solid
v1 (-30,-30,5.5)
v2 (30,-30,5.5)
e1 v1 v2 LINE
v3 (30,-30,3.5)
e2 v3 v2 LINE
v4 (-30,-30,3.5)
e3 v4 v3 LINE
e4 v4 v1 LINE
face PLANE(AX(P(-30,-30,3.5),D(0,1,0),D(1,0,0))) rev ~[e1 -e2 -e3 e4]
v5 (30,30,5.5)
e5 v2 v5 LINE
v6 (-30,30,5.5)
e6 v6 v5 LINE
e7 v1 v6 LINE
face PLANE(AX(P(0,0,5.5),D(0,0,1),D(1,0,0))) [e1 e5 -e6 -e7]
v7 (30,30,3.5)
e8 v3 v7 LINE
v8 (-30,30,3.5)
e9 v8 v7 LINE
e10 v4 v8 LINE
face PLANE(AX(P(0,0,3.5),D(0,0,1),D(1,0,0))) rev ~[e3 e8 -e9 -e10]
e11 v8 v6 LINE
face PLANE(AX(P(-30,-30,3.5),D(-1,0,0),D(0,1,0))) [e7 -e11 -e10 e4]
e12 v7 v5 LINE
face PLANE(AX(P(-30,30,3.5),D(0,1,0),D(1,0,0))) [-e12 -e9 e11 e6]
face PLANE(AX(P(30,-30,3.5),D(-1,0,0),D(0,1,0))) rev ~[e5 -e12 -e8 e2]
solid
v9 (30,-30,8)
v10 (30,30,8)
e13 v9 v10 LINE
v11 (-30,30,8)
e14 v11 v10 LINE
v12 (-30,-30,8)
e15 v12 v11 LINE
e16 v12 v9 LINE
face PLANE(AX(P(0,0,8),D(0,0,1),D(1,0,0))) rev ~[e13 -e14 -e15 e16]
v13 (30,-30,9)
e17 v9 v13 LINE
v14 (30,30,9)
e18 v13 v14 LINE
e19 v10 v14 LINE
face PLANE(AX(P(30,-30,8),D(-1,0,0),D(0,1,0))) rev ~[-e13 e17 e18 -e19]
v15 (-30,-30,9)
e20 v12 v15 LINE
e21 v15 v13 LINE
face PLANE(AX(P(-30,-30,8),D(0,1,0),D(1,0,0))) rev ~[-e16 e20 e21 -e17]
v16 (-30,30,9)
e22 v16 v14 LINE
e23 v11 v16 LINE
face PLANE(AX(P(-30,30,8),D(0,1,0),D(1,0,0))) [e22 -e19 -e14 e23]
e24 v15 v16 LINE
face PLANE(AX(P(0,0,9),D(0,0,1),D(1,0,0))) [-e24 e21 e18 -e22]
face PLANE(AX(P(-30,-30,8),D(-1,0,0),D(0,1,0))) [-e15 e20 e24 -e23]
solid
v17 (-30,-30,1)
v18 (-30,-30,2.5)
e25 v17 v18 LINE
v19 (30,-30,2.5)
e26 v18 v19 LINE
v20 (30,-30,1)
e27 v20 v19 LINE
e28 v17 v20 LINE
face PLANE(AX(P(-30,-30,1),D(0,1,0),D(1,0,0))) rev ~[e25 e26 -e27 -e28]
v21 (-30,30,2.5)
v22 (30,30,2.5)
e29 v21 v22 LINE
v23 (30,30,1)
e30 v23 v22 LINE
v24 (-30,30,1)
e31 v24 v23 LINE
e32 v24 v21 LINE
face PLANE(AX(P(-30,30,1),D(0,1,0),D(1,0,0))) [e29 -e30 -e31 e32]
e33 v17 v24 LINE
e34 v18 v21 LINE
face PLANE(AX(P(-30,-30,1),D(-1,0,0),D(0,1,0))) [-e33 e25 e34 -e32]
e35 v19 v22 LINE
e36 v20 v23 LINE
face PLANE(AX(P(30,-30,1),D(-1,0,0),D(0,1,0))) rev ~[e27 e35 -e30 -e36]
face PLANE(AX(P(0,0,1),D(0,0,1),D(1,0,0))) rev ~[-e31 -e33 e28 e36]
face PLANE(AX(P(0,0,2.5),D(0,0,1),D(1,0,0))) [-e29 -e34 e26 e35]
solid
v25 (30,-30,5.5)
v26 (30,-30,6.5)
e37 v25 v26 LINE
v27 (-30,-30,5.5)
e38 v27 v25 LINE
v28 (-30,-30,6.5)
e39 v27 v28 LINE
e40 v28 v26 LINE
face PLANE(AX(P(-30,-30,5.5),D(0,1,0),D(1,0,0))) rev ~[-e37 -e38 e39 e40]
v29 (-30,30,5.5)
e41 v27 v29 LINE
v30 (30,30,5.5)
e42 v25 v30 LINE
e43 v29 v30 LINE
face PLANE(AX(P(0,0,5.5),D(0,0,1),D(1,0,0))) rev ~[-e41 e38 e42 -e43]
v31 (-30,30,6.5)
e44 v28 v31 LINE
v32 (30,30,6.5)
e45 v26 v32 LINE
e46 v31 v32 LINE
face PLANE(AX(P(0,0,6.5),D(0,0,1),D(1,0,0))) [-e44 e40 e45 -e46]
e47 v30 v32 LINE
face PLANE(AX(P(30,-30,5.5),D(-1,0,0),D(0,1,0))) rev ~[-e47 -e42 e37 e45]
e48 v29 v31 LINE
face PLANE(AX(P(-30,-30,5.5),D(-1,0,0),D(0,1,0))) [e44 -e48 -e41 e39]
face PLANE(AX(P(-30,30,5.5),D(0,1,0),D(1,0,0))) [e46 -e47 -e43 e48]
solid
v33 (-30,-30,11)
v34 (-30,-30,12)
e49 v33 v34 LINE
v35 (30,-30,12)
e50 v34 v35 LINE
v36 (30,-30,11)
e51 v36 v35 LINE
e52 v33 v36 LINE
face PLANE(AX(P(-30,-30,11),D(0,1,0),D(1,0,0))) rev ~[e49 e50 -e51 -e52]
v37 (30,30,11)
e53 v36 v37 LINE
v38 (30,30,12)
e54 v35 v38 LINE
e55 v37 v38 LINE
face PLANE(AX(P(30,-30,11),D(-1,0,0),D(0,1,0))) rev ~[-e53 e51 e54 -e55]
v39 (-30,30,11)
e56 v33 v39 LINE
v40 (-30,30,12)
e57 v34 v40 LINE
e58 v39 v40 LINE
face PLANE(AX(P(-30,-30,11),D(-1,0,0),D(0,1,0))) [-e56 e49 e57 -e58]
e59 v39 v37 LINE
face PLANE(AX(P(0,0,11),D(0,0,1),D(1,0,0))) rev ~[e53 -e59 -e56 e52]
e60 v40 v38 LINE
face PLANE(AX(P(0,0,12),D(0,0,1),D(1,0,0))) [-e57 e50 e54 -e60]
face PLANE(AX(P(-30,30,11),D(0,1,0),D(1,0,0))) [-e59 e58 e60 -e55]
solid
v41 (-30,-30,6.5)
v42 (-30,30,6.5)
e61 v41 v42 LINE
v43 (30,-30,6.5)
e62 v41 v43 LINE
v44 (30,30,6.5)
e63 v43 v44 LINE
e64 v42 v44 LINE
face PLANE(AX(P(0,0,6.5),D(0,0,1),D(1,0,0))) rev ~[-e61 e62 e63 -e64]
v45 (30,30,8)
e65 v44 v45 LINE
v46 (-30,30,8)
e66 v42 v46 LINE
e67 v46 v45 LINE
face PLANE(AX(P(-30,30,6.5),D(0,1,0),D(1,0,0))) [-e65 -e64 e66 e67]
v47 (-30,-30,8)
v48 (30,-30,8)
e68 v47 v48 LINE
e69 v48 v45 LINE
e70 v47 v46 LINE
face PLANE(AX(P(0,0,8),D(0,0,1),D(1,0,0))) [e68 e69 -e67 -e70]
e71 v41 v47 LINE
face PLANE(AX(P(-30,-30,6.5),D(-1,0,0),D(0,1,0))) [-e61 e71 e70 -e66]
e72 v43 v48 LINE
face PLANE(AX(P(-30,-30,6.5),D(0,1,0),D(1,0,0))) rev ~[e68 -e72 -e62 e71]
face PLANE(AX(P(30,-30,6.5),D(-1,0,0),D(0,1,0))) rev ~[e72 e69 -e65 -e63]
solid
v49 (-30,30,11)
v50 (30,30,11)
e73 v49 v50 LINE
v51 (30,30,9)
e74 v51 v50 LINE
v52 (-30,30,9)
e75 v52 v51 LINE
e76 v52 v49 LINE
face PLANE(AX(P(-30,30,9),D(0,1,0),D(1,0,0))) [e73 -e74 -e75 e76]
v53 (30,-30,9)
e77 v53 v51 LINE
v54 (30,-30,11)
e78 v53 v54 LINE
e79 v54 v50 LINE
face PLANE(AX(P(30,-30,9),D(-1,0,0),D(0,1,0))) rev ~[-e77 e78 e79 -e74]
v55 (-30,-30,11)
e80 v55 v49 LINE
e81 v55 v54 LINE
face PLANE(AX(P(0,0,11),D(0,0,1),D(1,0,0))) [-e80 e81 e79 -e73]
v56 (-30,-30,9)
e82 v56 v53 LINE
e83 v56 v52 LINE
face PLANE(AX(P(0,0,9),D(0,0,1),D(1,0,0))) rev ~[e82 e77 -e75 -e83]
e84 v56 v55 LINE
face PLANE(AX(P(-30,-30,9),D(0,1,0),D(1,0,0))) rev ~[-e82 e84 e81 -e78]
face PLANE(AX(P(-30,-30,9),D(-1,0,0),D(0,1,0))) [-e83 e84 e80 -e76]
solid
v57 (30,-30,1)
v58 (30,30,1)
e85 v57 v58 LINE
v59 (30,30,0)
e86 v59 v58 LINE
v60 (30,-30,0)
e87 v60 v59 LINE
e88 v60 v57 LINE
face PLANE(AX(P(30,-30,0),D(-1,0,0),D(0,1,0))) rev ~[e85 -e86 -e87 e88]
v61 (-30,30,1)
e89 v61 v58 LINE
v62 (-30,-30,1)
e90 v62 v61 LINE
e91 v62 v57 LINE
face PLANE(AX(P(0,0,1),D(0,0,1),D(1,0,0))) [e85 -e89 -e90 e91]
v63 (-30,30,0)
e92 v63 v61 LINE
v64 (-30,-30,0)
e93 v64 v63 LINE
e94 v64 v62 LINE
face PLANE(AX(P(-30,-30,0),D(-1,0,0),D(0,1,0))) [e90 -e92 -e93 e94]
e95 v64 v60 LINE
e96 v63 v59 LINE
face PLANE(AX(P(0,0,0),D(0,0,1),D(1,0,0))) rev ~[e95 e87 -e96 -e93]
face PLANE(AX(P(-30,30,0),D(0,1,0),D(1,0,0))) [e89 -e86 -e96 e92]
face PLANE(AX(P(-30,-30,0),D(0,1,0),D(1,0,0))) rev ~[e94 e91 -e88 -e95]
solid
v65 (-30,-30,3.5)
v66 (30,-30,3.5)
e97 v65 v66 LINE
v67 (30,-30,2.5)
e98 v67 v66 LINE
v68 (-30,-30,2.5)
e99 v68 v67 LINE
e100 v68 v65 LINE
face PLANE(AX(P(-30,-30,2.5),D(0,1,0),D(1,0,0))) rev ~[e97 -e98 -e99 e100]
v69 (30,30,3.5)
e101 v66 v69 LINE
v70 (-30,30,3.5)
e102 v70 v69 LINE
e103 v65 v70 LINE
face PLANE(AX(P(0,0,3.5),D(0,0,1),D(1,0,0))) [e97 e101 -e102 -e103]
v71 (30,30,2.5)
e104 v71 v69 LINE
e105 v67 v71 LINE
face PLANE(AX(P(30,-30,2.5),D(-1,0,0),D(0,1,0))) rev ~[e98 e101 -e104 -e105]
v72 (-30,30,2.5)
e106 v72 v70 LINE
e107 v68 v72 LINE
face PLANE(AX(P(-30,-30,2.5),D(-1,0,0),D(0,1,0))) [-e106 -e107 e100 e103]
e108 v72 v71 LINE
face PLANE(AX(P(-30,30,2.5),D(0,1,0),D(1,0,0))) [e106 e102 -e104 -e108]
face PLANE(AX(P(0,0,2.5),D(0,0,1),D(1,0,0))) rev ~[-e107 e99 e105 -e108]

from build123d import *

# Parameters (mm, degrees)
SKETCH_LAYEROUTLINE_W   = 60
SKETCH_LAYEROUTLINE_H   = 60
LAYER1_DEPTH            = 1
LAYER2_START            = 1
SKETCH_LAYEROUTLINE_2_W = 60
SKETCH_LAYEROUTLINE_2_H = 60
LAYER2_DEPTH            = 1.5
LAYER3_START            = 2.5
SKETCH_LAYEROUTLINE_3_W = 60
SKETCH_LAYEROUTLINE_3_H = 60
LAYER3_DEPTH            = 1
LAYER4_START            = 3.5
SKETCH_LAYEROUTLINE_4_W = 60
SKETCH_LAYEROUTLINE_4_H = 60
LAYER4_DEPTH            = 2
LAYER5_START            = 5.5
SKETCH_LAYEROUTLINE_5_W = 60
SKETCH_LAYEROUTLINE_5_H = 60
LAYER5_DEPTH            = 1
LAYER6_START            = 6.5
SKETCH_LAYEROUTLINE_6_W = 60
SKETCH_LAYEROUTLINE_6_H = 60
LAYER6_DEPTH            = 1.5
LAYER7_START            = 8
SKETCH_LAYEROUTLINE_7_W = 60
SKETCH_LAYEROUTLINE_7_H = 60
LAYER7_DEPTH            = 1
LAYER8_START            = 9
SKETCH_LAYEROUTLINE_8_W = 60
SKETCH_LAYEROUTLINE_8_H = 60
LAYER8_DEPTH            = 2
LAYER9_START            = 11
SKETCH_LAYEROUTLINE_9_W = 60
SKETCH_LAYEROUTLINE_9_H = 60
LAYER9_DEPTH            = 1


with BuildPart() as part:
    # Sketch_LayerOutline → Layer1 (new body)
    with BuildSketch(Plane.XY):
        Rectangle(SKETCH_LAYEROUTLINE_W, SKETCH_LAYEROUTLINE_H)
    extrude(amount=LAYER1_DEPTH)


with BuildPart() as body_2:
    # Sketch_LayerOutline<2> → Layer2 (new body)
    with BuildSketch(Plane.XY.offset(LAYER2_START)):
        Rectangle(SKETCH_LAYEROUTLINE_2_W, SKETCH_LAYEROUTLINE_2_H)
    extrude(amount=LAYER2_DEPTH)


with BuildPart() as body_3:
    # Sketch_LayerOutline<3> → Layer3 (new body)
    with BuildSketch(Plane.XY.offset(LAYER3_START)):
        Rectangle(SKETCH_LAYEROUTLINE_3_W, SKETCH_LAYEROUTLINE_3_H)
    extrude(amount=LAYER3_DEPTH)


with BuildPart() as body_4:
    # Sketch_LayerOutline<4> → Layer4 (new body)
    with BuildSketch(Plane.XY.offset(LAYER4_START)):
        Rectangle(SKETCH_LAYEROUTLINE_4_W, SKETCH_LAYEROUTLINE_4_H)
    extrude(amount=LAYER4_DEPTH)


with BuildPart() as body_5:
    # Sketch_LayerOutline<5> → Layer5 (new body)
    with BuildSketch(Plane.XY.offset(LAYER5_START)):
        Rectangle(SKETCH_LAYEROUTLINE_5_W, SKETCH_LAYEROUTLINE_5_H)
    extrude(amount=LAYER5_DEPTH)


with BuildPart() as body_6:
    # Sketch_LayerOutline<6> → Layer6 (new body)
    with BuildSketch(Plane.XY.offset(LAYER6_START)):
        Rectangle(SKETCH_LAYEROUTLINE_6_W, SKETCH_LAYEROUTLINE_6_H)
    extrude(amount=LAYER6_DEPTH)


with BuildPart() as body_7:
    # Sketch_LayerOutline<7> → Layer7 (new body)
    with BuildSketch(Plane.XY.offset(LAYER7_START)):
        Rectangle(SKETCH_LAYEROUTLINE_7_W, SKETCH_LAYEROUTLINE_7_H)
    extrude(amount=LAYER7_DEPTH)


with BuildPart() as body_8:
    # Sketch_LayerOutline<8> → Layer8 (new body)
    with BuildSketch(Plane.XY.offset(LAYER8_START)):
        Rectangle(SKETCH_LAYEROUTLINE_8_W, SKETCH_LAYEROUTLINE_8_H)
    extrude(amount=LAYER8_DEPTH)


with BuildPart() as body_9:
    # Sketch_LayerOutline<9> → Layer9 (new body)
    with BuildSketch(Plane.XY.offset(LAYER9_START)):
        Rectangle(SKETCH_LAYEROUTLINE_9_W, SKETCH_LAYEROUTLINE_9_H)
    extrude(amount=LAYER9_DEPTH)


solid = Compound([part.part, body_2.part, body_3.part, body_4.part, body_5.part, body_6.part, body_7.part, body_8.part, body_9.part])
